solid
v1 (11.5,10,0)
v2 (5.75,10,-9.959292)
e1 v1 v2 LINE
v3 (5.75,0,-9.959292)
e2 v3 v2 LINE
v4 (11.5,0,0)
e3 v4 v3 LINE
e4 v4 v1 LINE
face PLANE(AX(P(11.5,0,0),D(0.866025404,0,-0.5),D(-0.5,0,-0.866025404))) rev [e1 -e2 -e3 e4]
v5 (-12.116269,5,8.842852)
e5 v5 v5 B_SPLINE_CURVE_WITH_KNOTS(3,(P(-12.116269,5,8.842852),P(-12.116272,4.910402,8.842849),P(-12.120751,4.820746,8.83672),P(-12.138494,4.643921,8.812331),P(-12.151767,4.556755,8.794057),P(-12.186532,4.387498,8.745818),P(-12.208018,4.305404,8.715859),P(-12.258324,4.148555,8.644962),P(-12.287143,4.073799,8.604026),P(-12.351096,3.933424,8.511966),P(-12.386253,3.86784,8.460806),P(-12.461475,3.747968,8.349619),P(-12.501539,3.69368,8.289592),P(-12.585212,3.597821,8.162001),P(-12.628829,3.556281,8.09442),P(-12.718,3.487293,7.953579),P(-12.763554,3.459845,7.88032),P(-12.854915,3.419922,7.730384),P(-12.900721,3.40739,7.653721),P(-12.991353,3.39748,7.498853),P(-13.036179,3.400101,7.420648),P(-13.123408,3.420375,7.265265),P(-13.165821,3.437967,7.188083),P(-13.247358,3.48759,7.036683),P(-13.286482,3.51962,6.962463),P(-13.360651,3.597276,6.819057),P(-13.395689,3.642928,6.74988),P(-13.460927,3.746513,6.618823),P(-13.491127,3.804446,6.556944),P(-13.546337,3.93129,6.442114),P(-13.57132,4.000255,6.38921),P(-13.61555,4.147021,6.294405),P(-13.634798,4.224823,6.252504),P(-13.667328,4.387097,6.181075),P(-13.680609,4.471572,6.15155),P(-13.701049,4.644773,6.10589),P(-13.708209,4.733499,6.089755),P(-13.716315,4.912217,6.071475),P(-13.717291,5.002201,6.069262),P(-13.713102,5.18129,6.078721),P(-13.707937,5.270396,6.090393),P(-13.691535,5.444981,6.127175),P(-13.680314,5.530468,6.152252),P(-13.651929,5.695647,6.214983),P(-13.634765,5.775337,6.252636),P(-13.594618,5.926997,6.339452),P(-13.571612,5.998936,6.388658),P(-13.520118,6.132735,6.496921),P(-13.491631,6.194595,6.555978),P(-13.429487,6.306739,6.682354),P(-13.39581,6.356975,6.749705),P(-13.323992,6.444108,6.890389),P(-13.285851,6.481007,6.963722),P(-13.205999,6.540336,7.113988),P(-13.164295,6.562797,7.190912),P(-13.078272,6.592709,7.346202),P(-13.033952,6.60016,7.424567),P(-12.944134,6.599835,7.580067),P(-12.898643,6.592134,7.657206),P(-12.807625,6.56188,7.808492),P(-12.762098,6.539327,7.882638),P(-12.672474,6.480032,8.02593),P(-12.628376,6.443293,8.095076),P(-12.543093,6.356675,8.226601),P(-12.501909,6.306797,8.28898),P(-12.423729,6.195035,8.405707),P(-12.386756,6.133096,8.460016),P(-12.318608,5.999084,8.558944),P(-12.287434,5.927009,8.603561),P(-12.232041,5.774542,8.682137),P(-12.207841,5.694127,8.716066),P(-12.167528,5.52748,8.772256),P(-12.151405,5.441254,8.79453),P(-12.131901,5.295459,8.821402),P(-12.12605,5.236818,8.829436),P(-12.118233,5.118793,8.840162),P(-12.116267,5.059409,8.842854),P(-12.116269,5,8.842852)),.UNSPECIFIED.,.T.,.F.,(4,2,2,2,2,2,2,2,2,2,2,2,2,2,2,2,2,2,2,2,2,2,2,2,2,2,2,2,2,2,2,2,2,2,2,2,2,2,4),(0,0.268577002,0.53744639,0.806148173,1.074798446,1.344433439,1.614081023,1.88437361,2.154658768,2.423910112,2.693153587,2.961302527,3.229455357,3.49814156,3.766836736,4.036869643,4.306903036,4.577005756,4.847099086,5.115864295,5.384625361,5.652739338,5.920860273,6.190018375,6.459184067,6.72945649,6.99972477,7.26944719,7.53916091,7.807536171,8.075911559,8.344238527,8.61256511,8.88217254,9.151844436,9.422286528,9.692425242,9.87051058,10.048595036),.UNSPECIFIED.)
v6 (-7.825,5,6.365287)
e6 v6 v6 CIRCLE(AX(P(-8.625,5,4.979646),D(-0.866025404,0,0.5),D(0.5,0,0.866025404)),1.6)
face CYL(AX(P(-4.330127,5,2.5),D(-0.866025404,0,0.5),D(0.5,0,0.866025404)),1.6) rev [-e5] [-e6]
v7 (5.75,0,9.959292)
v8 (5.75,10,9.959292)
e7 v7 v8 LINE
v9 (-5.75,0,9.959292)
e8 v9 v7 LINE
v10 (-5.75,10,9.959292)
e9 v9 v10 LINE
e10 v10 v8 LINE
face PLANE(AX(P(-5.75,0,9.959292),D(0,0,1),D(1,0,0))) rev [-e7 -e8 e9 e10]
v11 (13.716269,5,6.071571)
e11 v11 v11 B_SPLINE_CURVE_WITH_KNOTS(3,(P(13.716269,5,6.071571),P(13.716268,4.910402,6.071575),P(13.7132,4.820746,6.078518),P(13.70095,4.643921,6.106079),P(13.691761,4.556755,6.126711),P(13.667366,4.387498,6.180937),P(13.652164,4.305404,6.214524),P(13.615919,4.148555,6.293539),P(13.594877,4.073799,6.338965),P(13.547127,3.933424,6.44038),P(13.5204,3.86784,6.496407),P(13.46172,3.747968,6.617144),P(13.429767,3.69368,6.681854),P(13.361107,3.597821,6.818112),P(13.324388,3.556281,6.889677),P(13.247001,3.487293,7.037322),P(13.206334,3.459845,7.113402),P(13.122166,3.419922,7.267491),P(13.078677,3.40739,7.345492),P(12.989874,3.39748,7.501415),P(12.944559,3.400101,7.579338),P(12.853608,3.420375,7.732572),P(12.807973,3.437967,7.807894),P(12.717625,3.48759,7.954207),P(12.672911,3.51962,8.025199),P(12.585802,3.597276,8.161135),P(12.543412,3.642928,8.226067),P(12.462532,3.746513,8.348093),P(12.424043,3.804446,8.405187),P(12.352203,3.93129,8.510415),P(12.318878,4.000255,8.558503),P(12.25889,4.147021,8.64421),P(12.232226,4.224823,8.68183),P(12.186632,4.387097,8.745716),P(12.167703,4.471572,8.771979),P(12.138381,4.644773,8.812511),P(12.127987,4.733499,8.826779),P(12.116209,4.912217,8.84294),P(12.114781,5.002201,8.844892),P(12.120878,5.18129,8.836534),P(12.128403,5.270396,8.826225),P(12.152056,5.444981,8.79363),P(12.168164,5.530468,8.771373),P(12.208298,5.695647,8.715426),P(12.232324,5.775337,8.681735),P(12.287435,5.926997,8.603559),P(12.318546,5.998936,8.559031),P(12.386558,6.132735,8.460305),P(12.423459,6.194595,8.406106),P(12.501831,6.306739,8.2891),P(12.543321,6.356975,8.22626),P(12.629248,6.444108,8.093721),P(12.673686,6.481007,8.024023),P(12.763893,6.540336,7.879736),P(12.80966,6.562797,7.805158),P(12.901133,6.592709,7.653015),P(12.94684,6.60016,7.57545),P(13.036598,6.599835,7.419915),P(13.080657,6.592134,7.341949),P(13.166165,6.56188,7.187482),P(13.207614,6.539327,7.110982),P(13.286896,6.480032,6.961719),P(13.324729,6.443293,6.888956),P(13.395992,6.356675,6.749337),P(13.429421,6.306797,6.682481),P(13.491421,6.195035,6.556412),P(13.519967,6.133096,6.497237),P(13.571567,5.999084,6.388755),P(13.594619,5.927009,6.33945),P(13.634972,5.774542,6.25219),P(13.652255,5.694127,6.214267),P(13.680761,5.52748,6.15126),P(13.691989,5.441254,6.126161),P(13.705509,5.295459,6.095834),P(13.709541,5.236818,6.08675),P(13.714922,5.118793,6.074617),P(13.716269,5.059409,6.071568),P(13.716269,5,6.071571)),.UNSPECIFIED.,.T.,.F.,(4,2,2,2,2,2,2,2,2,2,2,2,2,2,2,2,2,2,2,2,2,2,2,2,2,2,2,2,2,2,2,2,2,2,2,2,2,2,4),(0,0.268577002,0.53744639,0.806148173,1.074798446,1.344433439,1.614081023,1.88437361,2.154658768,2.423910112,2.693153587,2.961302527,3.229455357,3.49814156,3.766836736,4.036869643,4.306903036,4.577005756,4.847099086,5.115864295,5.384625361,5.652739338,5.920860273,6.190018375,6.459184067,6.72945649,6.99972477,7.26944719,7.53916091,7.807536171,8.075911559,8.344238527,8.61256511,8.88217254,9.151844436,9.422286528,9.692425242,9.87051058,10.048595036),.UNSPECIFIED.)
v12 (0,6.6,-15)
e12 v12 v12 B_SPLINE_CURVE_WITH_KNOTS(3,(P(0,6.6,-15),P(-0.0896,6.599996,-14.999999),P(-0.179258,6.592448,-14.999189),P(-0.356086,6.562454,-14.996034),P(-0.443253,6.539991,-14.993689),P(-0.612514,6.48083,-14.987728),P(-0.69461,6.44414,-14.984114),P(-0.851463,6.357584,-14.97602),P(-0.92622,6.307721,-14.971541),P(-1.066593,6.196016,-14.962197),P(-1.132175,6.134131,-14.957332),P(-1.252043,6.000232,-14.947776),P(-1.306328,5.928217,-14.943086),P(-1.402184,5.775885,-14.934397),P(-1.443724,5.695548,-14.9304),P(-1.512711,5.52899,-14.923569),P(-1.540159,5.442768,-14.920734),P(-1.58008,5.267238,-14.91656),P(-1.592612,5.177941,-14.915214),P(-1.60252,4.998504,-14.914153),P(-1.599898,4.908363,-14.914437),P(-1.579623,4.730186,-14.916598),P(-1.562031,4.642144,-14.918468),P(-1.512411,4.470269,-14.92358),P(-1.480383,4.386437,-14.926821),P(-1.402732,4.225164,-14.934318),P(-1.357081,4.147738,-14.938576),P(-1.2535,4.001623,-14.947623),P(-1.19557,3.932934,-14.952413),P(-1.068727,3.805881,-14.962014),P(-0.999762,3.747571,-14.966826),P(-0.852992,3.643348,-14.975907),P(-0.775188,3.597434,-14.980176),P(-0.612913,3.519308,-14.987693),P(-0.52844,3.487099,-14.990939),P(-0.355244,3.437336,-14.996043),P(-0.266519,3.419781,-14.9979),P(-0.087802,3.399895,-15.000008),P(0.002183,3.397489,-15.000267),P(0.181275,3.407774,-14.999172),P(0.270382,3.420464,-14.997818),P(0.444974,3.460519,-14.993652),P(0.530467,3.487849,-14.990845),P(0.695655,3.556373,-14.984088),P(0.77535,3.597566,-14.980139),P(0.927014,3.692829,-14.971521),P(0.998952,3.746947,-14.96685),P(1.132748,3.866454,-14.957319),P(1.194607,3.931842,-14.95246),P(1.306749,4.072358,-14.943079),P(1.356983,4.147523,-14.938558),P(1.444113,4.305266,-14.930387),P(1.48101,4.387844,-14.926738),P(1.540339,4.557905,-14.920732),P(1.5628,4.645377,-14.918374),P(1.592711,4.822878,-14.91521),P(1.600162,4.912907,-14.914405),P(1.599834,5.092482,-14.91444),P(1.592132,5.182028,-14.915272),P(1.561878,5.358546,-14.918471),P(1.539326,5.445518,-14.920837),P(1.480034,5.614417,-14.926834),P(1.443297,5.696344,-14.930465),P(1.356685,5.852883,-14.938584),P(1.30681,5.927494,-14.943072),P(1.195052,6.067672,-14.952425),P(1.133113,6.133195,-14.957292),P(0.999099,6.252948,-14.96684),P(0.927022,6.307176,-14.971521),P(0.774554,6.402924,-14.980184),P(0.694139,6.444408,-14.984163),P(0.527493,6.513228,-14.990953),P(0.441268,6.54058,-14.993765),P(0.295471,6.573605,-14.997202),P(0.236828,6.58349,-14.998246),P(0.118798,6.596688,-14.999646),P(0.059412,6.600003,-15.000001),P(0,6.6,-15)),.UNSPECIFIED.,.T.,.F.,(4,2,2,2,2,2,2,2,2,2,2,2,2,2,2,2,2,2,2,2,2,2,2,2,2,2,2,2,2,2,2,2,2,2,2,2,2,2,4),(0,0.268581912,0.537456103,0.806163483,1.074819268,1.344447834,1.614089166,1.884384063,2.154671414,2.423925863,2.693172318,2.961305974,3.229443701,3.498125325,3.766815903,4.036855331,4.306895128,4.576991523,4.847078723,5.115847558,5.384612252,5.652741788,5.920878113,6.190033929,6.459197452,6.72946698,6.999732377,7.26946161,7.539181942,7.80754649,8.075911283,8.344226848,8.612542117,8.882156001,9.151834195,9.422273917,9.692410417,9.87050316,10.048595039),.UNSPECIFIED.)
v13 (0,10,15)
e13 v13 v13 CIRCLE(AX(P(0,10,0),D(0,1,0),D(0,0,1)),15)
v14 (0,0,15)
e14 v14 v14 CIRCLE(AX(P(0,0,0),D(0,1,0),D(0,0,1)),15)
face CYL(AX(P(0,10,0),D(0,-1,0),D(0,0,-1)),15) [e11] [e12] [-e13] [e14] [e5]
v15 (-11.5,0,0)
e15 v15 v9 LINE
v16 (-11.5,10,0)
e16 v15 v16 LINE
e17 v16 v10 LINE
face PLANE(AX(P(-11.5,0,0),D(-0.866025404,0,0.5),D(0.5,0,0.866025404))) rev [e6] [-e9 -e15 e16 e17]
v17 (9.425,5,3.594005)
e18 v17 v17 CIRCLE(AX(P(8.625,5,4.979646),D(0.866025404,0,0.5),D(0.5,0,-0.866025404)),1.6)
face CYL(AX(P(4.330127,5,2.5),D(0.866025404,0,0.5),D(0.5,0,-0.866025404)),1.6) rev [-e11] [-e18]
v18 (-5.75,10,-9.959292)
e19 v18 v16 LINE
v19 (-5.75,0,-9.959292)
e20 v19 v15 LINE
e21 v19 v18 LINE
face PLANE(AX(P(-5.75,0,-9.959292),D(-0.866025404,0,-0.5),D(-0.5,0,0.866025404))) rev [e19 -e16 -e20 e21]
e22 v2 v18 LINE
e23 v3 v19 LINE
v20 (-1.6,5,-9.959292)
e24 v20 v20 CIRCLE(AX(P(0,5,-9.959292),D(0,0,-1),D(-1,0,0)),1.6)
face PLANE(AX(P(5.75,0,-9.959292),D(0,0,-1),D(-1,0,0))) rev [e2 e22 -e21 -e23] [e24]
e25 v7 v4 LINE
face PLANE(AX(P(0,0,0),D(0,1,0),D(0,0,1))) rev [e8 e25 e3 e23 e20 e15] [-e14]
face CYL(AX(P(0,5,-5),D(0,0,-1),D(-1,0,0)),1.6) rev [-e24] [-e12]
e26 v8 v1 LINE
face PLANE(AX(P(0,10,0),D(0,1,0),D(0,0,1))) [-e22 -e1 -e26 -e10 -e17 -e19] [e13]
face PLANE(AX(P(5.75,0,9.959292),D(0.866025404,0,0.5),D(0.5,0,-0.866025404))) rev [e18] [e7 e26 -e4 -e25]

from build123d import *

# Parameters (mm, degrees)
SKETCH1_R           = 15
BOSS_EXTRUDE1_DEPTH = 10
CUT_EXTRUDE1_DEPTH  = 24.452078799
SKETCH4_R           = 1.6
CUT_EXTRUDE2_DEPTH  = 10
CIRPATTERN2_COUNT   = 3


with BuildPart() as part:
    # Sketch1 → Boss-Extrude1 (new body)
    with BuildSketch(Plane(origin=(0, 0, 0), x_dir=(1, 0, 0), z_dir=(0, 1, 0))):
        with Locations(Location((0, 0, 0), (0, 0, 270))):
            Circle(SKETCH1_R)
    extrude(amount=BOSS_EXTRUDE1_DEPTH)

    # Sketch2 → Cut-Extrude1 (cut, through all)
    with BuildSketch(Plane(origin=(0, 10, 0), x_dir=(1, 0, 0), z_dir=(0, 1, 0))):
        Polygon((11.5, 0), (5.75, 9.959292144), (-5.75, 9.959292144), (-11.5, 0), (-5.75, -9.959292144), (5.75, -9.959292144), align=None)
    extrude(amount=-CUT_EXTRUDE1_DEPTH, mode=Mode.SUBTRACT)

    # Sketch4 → Cut-Extrude2 (cut)
    with BuildSketch(Plane(origin=(-12.990381057, 0, 7.5), x_dir=(0.5000000000000002, 0, 0.8660254037844386), z_dir=(-0.8660254037844385, 0, 0.5000000000000001))):
        with Locations((0, 5)):
            Circle(SKETCH4_R)
    cut_extrude2 = extrude(amount=-CUT_EXTRUDE2_DEPTH, mode=Mode.SUBTRACT)

    # CirPattern2: Cut-Extrude2 ×3 about axis
    cirpattern2_axis = Axis((0, 10, 0), (0, -1, 0))
    for i in range(1, CIRPATTERN2_COUNT):
        add(cut_extrude2.rotate(cirpattern2_axis, i * 360 / CIRPATTERN2_COUNT), mode=Mode.SUBTRACT)


solid = part.part
